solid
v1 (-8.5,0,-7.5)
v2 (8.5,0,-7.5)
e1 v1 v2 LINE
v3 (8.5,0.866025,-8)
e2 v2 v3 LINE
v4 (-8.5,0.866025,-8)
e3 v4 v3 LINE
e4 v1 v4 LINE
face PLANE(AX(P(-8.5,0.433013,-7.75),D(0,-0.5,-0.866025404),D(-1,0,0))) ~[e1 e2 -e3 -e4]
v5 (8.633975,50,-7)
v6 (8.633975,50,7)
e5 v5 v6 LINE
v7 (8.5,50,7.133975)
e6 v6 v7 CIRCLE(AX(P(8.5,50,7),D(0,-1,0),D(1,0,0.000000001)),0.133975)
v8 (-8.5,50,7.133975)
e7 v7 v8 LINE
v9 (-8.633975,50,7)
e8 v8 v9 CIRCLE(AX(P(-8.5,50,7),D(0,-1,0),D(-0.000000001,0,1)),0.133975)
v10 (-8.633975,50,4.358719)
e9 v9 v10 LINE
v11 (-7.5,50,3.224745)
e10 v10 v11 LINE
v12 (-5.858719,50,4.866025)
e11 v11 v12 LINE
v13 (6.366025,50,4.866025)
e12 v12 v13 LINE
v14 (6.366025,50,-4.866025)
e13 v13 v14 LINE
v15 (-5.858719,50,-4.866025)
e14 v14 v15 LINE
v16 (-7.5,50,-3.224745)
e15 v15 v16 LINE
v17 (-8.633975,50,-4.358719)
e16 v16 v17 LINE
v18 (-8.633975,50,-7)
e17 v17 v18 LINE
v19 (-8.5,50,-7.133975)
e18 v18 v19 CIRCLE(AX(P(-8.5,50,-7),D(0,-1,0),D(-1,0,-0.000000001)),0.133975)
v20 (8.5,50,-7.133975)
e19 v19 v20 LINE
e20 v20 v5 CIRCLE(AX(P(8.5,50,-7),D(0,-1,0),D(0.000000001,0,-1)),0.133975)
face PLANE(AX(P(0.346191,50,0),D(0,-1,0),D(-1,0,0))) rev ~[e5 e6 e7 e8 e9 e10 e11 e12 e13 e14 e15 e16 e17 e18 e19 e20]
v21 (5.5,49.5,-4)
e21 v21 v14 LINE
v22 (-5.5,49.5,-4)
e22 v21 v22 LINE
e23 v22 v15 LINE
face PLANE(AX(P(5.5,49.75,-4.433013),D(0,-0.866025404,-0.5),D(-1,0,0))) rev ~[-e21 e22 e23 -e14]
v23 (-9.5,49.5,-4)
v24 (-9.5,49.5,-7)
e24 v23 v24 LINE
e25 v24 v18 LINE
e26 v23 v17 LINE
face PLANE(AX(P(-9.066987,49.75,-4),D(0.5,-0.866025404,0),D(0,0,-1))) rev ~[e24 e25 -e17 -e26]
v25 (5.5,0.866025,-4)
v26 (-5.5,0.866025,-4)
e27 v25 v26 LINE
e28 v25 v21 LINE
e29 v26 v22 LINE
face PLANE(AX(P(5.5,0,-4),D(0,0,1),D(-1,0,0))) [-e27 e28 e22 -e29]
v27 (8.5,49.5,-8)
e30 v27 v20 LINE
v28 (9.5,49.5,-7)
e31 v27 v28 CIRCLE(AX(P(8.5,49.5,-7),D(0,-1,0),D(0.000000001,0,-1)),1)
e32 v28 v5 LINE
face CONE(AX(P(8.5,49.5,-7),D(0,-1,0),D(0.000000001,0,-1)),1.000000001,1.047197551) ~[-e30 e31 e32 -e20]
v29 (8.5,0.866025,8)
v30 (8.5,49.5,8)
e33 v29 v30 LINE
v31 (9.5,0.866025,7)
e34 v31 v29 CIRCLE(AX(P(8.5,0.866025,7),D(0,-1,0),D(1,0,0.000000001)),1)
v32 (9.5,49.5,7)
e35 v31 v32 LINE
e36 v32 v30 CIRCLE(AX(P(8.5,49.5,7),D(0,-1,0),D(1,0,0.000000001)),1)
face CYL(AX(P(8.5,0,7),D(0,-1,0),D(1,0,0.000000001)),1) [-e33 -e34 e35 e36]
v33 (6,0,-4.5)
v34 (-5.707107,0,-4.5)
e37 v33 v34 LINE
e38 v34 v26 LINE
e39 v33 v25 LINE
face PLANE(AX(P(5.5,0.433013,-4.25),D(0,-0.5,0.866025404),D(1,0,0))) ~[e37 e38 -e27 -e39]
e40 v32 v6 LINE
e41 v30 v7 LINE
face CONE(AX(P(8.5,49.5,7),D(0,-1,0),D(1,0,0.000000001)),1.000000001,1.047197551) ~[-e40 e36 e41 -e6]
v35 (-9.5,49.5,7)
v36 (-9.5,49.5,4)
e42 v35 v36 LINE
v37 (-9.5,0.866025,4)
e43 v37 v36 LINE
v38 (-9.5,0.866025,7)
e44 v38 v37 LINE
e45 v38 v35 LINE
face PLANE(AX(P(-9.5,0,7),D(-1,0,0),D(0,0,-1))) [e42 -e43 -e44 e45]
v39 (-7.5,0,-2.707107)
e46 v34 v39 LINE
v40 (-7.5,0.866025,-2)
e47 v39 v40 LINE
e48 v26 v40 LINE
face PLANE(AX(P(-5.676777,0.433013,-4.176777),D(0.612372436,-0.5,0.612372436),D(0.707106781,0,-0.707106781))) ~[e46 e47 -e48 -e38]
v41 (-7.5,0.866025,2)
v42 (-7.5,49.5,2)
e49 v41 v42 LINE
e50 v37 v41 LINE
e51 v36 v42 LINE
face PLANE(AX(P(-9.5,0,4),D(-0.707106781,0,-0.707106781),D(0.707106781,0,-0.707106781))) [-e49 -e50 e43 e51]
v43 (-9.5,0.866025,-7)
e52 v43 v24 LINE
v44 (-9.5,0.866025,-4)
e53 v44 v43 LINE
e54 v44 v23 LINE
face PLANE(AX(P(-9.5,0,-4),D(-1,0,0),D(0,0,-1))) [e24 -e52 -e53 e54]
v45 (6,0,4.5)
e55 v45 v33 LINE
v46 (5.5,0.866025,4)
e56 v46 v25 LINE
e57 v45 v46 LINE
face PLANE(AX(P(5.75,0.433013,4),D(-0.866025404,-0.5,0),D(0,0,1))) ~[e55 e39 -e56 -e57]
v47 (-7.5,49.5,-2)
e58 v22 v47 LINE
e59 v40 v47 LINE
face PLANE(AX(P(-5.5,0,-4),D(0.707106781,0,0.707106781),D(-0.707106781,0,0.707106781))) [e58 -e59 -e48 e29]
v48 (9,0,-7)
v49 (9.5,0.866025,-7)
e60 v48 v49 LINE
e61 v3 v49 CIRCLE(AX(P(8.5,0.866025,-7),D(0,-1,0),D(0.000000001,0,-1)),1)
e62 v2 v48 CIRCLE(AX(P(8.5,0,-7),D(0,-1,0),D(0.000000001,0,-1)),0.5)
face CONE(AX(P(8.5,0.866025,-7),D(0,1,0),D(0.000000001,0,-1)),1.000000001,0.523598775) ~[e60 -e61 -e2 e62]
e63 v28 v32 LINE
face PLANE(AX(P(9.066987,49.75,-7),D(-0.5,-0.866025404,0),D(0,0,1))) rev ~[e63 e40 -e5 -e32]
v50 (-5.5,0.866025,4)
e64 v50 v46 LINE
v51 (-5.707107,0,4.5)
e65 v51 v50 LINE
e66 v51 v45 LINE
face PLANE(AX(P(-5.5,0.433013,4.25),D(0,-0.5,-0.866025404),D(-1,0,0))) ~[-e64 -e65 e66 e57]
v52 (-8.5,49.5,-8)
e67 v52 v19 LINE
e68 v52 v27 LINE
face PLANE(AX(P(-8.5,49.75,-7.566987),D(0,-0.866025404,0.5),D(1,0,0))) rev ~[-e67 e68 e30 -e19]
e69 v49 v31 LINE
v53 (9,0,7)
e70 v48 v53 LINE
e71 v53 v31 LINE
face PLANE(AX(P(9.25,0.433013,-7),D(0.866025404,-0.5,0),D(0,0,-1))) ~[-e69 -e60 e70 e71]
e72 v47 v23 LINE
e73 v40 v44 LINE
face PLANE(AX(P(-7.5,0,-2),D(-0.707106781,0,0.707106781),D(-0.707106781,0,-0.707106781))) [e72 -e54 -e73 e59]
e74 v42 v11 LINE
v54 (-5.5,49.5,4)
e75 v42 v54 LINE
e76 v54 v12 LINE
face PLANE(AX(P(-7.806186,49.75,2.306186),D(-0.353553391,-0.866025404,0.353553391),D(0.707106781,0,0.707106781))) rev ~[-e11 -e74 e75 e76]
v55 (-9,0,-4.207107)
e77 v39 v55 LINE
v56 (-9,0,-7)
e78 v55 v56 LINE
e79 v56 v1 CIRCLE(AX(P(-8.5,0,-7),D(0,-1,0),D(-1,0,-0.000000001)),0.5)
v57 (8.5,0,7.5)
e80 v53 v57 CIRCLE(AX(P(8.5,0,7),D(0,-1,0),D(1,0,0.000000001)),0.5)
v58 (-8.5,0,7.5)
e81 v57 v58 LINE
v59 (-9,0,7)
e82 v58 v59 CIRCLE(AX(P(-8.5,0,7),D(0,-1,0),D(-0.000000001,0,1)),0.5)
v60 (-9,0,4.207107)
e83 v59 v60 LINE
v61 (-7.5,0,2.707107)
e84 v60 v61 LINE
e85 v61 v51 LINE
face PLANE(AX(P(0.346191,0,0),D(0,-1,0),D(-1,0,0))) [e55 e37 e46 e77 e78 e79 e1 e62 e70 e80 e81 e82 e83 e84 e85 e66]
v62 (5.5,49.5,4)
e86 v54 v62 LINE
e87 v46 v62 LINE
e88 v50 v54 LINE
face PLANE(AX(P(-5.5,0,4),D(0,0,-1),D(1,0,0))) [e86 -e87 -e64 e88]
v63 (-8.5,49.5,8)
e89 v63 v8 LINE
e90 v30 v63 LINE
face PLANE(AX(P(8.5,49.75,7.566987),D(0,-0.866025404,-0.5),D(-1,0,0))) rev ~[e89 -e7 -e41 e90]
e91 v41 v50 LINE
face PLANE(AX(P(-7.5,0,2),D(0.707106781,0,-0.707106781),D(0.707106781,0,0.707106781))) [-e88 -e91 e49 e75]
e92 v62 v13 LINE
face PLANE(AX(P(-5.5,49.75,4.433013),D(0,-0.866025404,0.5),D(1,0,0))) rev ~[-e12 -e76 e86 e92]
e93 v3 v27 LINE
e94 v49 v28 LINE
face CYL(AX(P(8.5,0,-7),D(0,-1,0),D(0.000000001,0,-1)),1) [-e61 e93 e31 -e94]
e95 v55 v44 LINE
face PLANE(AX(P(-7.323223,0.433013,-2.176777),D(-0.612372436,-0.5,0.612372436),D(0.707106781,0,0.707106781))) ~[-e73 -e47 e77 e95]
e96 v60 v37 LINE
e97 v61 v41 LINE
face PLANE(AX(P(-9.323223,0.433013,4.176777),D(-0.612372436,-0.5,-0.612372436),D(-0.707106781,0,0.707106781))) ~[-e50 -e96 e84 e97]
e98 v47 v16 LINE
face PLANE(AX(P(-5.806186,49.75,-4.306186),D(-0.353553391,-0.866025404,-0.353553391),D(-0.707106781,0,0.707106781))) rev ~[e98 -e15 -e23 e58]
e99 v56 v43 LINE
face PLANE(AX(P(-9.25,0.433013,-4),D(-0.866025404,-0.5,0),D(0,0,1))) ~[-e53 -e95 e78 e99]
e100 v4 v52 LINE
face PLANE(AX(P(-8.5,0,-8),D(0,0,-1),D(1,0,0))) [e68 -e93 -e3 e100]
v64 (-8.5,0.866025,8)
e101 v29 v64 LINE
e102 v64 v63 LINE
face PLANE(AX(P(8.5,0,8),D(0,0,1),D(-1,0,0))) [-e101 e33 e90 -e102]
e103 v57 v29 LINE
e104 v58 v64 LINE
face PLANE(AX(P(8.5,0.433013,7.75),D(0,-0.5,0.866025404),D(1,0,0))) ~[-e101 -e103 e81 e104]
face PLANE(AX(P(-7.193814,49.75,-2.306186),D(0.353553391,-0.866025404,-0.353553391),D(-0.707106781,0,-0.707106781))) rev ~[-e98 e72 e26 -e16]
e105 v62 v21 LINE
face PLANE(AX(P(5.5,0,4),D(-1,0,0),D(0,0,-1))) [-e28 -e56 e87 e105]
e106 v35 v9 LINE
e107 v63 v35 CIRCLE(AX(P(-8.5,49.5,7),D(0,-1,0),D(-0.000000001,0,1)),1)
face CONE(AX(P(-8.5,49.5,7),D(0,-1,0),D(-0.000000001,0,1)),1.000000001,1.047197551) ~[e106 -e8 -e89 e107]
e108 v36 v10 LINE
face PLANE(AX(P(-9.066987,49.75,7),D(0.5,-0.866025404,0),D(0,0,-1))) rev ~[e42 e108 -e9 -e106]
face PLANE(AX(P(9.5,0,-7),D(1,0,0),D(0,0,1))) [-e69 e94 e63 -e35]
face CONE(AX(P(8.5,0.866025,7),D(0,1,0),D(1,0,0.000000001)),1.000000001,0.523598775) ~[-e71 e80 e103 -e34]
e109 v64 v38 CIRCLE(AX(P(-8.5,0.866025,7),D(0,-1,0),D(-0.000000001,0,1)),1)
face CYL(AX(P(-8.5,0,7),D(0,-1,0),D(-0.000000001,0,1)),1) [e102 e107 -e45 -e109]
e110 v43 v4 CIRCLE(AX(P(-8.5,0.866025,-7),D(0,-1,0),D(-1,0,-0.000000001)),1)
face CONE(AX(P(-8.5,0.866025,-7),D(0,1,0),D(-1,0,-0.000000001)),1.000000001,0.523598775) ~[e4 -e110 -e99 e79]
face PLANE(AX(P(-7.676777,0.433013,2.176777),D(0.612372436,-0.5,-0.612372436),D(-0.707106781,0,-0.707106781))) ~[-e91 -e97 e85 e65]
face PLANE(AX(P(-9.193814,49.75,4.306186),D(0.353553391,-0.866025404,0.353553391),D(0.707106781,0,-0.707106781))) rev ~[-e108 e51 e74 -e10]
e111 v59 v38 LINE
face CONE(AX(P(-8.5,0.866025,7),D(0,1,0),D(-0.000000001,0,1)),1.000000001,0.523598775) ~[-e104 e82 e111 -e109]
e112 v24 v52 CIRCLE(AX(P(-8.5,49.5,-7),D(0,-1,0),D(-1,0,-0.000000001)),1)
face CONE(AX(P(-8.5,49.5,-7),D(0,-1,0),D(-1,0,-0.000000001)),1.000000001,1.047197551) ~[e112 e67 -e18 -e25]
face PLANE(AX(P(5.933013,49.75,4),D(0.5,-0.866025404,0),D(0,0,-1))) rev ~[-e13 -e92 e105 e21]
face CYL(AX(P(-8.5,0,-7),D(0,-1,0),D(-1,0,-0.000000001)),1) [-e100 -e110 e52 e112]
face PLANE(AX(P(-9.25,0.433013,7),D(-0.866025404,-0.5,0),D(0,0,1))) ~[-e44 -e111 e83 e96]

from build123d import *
from OCP.BRepFilletAPI import BRepFilletAPI_MakeChamfer

# Parameters (mm, degrees)
SALIENTE_EXTRUIR2_DEPTH = 50
CHAFL_N1_SIZE           = 0.5
CHAFL_N1_SIZE2          = 0.866025404


with BuildPart() as part:
    # Croquis1 → Saliente-Extruir2 (new body)
    with BuildSketch(Plane(origin=(0, 0, 0), x_dir=(1, 0, 0), z_dir=(0, 1, 0))):
        with BuildLine():
            Line((-5.5, 4), (-7.5, 2))
            Line((-7.5, 2), (-9.5, 4))
            Line((-9.5, 4), (-9.5, 7))
            ThreePointArc((-9.5, 7), (-9.207106781, 7.707106781), (-8.5, 8))
            Line((-8.5, 8), (8.5, 8))
            ThreePointArc((8.5, 8), (9.207106781, 7.707106781), (9.5, 7))
            Line((9.5, 7), (9.5, -7))
            ThreePointArc((9.5, -7), (9.207106781, -7.707106781), (8.5, -8))
            Line((8.5, -8), (-8.5, -8))
            ThreePointArc((-8.5, -8), (-9.207106781, -7.707106781), (-9.5, -7))
            Line((-9.5, -7), (-9.5, -4))
            Line((-9.5, -4), (-7.5, -2))
            Line((-7.5, -2), (-5.5, -4))
            Line((-5.5, -4), (5.5, -4))
            Line((5.5, -4), (5.5, 4))
            Line((5.5, 4), (-5.5, 4))
        make_face()
    extrude(amount=SALIENTE_EXTRUIR2_DEPTH)

    # Chaflán1: one chamfer whose edges measure the first distance from different faces: ONE call of the kernel's chamfer builder (chamfer() names one face for all edges)
    chafl_n1_edges_1 = [part.edges().sort_by_distance(p)[0] for p in [
        (0, 50, 4),
    ]]
    chafl_n1_side_1 = [part.faces().sort_by_distance(p)[0] for p in [
        (0, 25, 4),
    ]]
    chafl_n1_edges_2 = [part.edges().sort_by_distance(p)[0] for p in [
        (-6.5, 50, 3),
    ]]
    chafl_n1_side_2 = [part.faces().sort_by_distance(p)[0] for p in [
        (-6.5, 25, 3),
    ]]
    chafl_n1_edges_3 = [part.edges().sort_by_distance(p)[0] for p in [
        (-6.5, 0, -3),
        (-8.5, 0, -3),
        (-9.5, 0, -5.5),
        (-9.207106781, 0, -7.707106781),
        (0, 0, -8),
        (9.207106781, 0, -7.707106781),
        (9.5, 0, 0),
        (9.207106781, 0, 7.707106781),
        (0, 0, 8),
        (-9.207106781, 0, 7.707106781),
        (-9.5, 0, 5.5),
        (-8.5, 0, 3),
        (-6.5, 0, 3),
        (0, 0, 4),
        (5.5, 0, 0),
        (0, 0, -4),
    ]]
    chafl_n1_side_3 = [part.faces().sort_by_distance(p)[0] for p in [
        (-9.0314651, 0, 7.5314651),
    ]]
    chafl_n1_edges_4 = [part.edges().sort_by_distance(p)[0] for p in [
        (-8.5, 50, 3),
    ]]
    chafl_n1_side_4 = [part.faces().sort_by_distance(p)[0] for p in [
        (-8.5, 25, 3),
    ]]
    chafl_n1_edges_5 = [part.edges().sort_by_distance(p)[0] for p in [
        (-9.5, 50, 5.5),
    ]]
    chafl_n1_side_5 = [part.faces().sort_by_distance(p)[0] for p in [
        (-9.5, 25, 5.5),
    ]]
    chafl_n1_edges_6 = [part.edges().sort_by_distance(p)[0] for p in [
        (-9.207106781, 50, 7.707106781),
    ]]
    chafl_n1_side_6 = [part.faces().sort_by_distance(p)[0] for p in [
        (-9.207106781, 25, 7.707106781),
    ]]
    chafl_n1_edges_7 = [part.edges().sort_by_distance(p)[0] for p in [
        (0, 50, 8),
    ]]
    chafl_n1_side_7 = [part.faces().sort_by_distance(p)[0] for p in [
        (0, 25, 8),
    ]]
    chafl_n1_edges_8 = [part.edges().sort_by_distance(p)[0] for p in [
        (9.207106781, 50, 7.707106781),
    ]]
    chafl_n1_side_8 = [part.faces().sort_by_distance(p)[0] for p in [
        (9.207106781, 25, 7.707106781),
    ]]
    chafl_n1_edges_9 = [part.edges().sort_by_distance(p)[0] for p in [
        (9.5, 50, 0),
    ]]
    chafl_n1_side_9 = [part.faces().sort_by_distance(p)[0] for p in [
        (9.5, 25, 0),
    ]]
    chafl_n1_edges_10 = [part.edges().sort_by_distance(p)[0] for p in [
        (9.207106781, 50, -7.707106781),
    ]]
    chafl_n1_side_10 = [part.faces().sort_by_distance(p)[0] for p in [
        (9.207106781, 25, -7.707106781),
    ]]
    chafl_n1_edges_11 = [part.edges().sort_by_distance(p)[0] for p in [
        (0, 50, -8),
    ]]
    chafl_n1_side_11 = [part.faces().sort_by_distance(p)[0] for p in [
        (0, 25, -8),
    ]]
    chafl_n1_edges_12 = [part.edges().sort_by_distance(p)[0] for p in [
        (0, 50, -4),
    ]]
    chafl_n1_side_12 = [part.faces().sort_by_distance(p)[0] for p in [
        (0, 25, -4),
    ]]
    chafl_n1_edges_13 = [part.edges().sort_by_distance(p)[0] for p in [
        (-9.207106781, 50, -7.707106781),
    ]]
    chafl_n1_side_13 = [part.faces().sort_by_distance(p)[0] for p in [
        (-9.207106781, 25, -7.707106781),
    ]]
    chafl_n1_edges_14 = [part.edges().sort_by_distance(p)[0] for p in [
        (-9.5, 50, -5.5),
    ]]
    chafl_n1_side_14 = [part.faces().sort_by_distance(p)[0] for p in [
        (-9.5, 25, -5.5),
    ]]
    chafl_n1_edges_15 = [part.edges().sort_by_distance(p)[0] for p in [
        (-8.5, 50, -3),
    ]]
    chafl_n1_side_15 = [part.faces().sort_by_distance(p)[0] for p in [
        (-8.5, 25, -3),
    ]]
    chafl_n1_edges_16 = [part.edges().sort_by_distance(p)[0] for p in [
        (-6.5, 50, -3),
    ]]
    chafl_n1_side_16 = [part.faces().sort_by_distance(p)[0] for p in [
        (-6.5, 25, -3),
    ]]
    chafl_n1_edges_17 = [part.edges().sort_by_distance(p)[0] for p in [
        (5.5, 50, 0),
    ]]
    chafl_n1_side_17 = [part.faces().sort_by_distance(p)[0] for p in [
        (5.5, 25, 0),
    ]]
    chafl_n1 = BRepFilletAPI_MakeChamfer(part.part.solid().wrapped)
    for e in chafl_n1_edges_1:
        chafl_n1.Add(CHAFL_N1_SIZE, CHAFL_N1_SIZE2, e.wrapped, chafl_n1_side_1[0].wrapped)  # the first distance lies on this face
    for e in chafl_n1_edges_2:
        chafl_n1.Add(CHAFL_N1_SIZE, CHAFL_N1_SIZE2, e.wrapped, chafl_n1_side_2[0].wrapped)  # the first distance lies on this face
    for e in chafl_n1_edges_3:
        chafl_n1.Add(CHAFL_N1_SIZE, CHAFL_N1_SIZE2, e.wrapped, chafl_n1_side_3[0].wrapped)  # the first distance lies on this face
    for e in chafl_n1_edges_4:
        chafl_n1.Add(CHAFL_N1_SIZE, CHAFL_N1_SIZE2, e.wrapped, chafl_n1_side_4[0].wrapped)  # the first distance lies on this face
    for e in chafl_n1_edges_5:
        chafl_n1.Add(CHAFL_N1_SIZE, CHAFL_N1_SIZE2, e.wrapped, chafl_n1_side_5[0].wrapped)  # the first distance lies on this face
    for e in chafl_n1_edges_6:
        chafl_n1.Add(CHAFL_N1_SIZE, CHAFL_N1_SIZE2, e.wrapped, chafl_n1_side_6[0].wrapped)  # the first distance lies on this face
    for e in chafl_n1_edges_7:
        chafl_n1.Add(CHAFL_N1_SIZE, CHAFL_N1_SIZE2, e.wrapped, chafl_n1_side_7[0].wrapped)  # the first distance lies on this face
    for e in chafl_n1_edges_8:
        chafl_n1.Add(CHAFL_N1_SIZE, CHAFL_N1_SIZE2, e.wrapped, chafl_n1_side_8[0].wrapped)  # the first distance lies on this face
    for e in chafl_n1_edges_9:
        chafl_n1.Add(CHAFL_N1_SIZE, CHAFL_N1_SIZE2, e.wrapped, chafl_n1_side_9[0].wrapped)  # the first distance lies on this face
    for e in chafl_n1_edges_10:
        chafl_n1.Add(CHAFL_N1_SIZE, CHAFL_N1_SIZE2, e.wrapped, chafl_n1_side_10[0].wrapped)  # the first distance lies on this face
    for e in chafl_n1_edges_11:
        chafl_n1.Add(CHAFL_N1_SIZE, CHAFL_N1_SIZE2, e.wrapped, chafl_n1_side_11[0].wrapped)  # the first distance lies on this face
    for e in chafl_n1_edges_12:
        chafl_n1.Add(CHAFL_N1_SIZE, CHAFL_N1_SIZE2, e.wrapped, chafl_n1_side_12[0].wrapped)  # the first distance lies on this face
    for e in chafl_n1_edges_13:
        chafl_n1.Add(CHAFL_N1_SIZE, CHAFL_N1_SIZE2, e.wrapped, chafl_n1_side_13[0].wrapped)  # the first distance lies on this face
    for e in chafl_n1_edges_14:
        chafl_n1.Add(CHAFL_N1_SIZE, CHAFL_N1_SIZE2, e.wrapped, chafl_n1_side_14[0].wrapped)  # the first distance lies on this face
    for e in chafl_n1_edges_15:
        chafl_n1.Add(CHAFL_N1_SIZE, CHAFL_N1_SIZE2, e.wrapped, chafl_n1_side_15[0].wrapped)  # the first distance lies on this face
    for e in chafl_n1_edges_16:
        chafl_n1.Add(CHAFL_N1_SIZE, CHAFL_N1_SIZE2, e.wrapped, chafl_n1_side_16[0].wrapped)  # the first distance lies on this face
    for e in chafl_n1_edges_17:
        chafl_n1.Add(CHAFL_N1_SIZE, CHAFL_N1_SIZE2, e.wrapped, chafl_n1_side_17[0].wrapped)  # the first distance lies on this face
    add(Compound.cast(chafl_n1.Shape()), mode=Mode.REPLACE)


solid = part.part
